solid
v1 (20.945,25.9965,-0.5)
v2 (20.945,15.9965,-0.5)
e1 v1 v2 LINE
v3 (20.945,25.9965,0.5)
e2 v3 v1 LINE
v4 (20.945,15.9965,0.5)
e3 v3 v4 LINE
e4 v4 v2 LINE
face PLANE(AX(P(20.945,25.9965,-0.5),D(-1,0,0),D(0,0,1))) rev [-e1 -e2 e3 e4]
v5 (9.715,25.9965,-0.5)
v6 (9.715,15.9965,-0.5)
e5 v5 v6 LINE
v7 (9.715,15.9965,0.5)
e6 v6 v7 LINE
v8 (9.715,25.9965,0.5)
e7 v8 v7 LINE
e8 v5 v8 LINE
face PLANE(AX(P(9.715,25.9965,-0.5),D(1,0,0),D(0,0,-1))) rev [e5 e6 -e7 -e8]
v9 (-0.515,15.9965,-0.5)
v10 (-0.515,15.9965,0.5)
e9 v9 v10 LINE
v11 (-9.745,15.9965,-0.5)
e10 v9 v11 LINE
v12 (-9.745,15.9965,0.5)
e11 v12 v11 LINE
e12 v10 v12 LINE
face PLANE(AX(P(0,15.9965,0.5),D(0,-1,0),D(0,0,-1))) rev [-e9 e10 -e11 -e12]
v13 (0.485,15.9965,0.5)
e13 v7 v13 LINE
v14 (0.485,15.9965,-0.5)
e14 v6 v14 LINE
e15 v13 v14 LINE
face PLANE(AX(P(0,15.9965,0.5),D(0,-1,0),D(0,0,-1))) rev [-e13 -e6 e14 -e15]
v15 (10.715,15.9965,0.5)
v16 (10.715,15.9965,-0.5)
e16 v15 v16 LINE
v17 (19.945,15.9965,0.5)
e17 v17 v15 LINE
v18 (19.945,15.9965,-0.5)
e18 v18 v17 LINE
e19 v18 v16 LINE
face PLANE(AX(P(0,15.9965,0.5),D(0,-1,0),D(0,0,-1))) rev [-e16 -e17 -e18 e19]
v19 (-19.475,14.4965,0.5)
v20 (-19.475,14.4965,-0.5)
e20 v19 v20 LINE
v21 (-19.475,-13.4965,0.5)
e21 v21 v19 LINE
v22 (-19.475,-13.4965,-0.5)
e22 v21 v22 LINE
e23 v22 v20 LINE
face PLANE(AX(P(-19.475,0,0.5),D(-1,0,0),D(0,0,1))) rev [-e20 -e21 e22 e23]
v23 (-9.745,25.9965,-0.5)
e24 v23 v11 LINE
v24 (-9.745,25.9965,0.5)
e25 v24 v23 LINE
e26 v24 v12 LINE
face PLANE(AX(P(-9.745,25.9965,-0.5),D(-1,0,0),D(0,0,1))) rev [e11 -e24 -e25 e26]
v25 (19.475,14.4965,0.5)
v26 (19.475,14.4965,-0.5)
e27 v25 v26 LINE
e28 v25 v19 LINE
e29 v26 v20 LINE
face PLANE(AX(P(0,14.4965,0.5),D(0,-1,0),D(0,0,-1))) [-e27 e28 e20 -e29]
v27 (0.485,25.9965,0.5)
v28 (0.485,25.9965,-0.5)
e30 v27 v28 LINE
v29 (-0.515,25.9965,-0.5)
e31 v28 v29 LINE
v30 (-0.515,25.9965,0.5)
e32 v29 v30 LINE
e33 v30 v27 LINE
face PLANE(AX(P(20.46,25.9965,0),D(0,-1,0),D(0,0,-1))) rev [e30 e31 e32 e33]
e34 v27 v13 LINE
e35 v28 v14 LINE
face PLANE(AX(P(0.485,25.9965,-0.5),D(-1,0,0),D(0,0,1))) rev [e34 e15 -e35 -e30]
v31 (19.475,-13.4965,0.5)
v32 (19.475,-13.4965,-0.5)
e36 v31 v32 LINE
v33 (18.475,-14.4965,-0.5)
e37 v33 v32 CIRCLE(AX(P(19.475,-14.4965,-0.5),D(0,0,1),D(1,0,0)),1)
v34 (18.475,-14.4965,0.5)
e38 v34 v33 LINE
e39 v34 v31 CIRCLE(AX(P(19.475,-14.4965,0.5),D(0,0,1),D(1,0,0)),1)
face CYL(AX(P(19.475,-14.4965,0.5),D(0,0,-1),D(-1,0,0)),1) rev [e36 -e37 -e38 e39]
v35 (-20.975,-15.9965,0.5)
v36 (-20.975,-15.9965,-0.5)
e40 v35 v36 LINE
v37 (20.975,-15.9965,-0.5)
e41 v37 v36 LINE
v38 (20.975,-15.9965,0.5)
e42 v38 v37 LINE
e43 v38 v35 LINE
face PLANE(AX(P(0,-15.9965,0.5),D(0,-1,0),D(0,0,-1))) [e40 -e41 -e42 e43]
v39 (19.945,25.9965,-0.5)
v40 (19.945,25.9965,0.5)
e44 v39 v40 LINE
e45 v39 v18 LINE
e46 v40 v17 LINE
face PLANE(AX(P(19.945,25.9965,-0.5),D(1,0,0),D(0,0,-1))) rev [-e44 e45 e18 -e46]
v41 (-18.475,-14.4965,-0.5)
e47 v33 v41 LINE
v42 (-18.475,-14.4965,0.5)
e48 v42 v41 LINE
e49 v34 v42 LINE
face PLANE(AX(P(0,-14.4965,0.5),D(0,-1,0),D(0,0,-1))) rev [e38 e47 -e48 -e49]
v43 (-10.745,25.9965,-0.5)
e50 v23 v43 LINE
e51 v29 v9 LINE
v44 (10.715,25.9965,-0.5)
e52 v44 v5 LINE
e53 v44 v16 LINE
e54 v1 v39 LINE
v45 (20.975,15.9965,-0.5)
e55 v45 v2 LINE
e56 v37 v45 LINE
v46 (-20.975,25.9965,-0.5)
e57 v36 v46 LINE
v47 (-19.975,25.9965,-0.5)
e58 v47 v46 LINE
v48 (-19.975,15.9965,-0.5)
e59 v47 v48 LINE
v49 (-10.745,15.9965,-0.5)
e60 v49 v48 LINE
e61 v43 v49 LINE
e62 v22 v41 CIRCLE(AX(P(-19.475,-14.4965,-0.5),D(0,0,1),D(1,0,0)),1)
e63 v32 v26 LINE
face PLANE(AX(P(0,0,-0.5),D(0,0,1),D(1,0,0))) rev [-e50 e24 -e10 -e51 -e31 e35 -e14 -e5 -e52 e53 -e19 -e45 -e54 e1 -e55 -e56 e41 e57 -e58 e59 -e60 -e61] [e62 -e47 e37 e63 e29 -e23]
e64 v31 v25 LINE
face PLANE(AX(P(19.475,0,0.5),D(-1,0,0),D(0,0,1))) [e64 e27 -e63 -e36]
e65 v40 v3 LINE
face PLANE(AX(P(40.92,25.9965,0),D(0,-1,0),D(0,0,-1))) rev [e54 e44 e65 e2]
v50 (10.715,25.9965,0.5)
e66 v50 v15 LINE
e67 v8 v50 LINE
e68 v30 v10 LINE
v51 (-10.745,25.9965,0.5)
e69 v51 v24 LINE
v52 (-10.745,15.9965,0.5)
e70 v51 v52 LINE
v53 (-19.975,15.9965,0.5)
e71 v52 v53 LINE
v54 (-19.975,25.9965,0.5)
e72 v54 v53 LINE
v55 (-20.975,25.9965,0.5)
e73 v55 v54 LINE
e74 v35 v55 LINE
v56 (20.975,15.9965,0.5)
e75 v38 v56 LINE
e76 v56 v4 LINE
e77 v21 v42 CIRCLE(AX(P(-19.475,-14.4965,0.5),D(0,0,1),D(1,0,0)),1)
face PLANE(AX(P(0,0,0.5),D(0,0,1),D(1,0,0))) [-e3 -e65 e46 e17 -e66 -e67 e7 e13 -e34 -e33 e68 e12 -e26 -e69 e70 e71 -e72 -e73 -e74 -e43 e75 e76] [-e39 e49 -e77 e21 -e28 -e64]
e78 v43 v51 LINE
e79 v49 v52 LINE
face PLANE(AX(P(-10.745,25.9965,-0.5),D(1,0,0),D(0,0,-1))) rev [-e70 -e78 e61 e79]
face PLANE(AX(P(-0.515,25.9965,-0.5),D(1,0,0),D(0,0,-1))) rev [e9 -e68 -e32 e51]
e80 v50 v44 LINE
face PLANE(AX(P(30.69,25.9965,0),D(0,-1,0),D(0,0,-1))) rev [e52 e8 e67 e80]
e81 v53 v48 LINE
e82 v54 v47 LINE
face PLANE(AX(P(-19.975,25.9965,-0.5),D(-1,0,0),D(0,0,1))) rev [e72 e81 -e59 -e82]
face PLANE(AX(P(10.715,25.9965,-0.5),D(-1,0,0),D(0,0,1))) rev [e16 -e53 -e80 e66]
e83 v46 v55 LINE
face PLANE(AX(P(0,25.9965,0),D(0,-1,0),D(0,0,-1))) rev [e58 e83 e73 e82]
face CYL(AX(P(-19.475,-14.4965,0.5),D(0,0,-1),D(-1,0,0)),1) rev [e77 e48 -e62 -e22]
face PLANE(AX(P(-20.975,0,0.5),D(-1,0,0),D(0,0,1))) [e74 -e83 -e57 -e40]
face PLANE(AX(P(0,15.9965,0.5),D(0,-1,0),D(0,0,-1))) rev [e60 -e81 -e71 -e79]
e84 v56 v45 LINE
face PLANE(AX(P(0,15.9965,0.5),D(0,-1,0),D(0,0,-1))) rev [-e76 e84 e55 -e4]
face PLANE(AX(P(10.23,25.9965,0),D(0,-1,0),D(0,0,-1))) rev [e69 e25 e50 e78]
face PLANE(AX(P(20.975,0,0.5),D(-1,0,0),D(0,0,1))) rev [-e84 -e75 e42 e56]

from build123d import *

# Parameters (mm, degrees)
SKETCH1_W           = 41.95
SKETCH1_H           = 31.993
BOSS_EXTRUDE1_DEPTH = 0.5
SKETCH2_W           = 1
SKETCH2_H           = 1
BOSS_EXTRUDE2_DEPTH = 10
LPATTERN1_COUNT     = 5
LPATTERN1_PITCH     = 10.23


with BuildPart() as part:
    # Sketch1 → Boss-Extrude1 (new, symmetric)
    with BuildSketch(Plane.XY):
        Rectangle(SKETCH1_W, SKETCH1_H)
        with BuildLine():
            Line((18.475, -14.4965), (-18.475, -14.4965))
            ThreePointArc((-18.475, -14.4965), (-20.182106781, -15.203606781), (-19.475, -13.4965))
            Line((-19.475, -13.4965), (-19.475, 14.4965))
            Line((-19.475, 14.4965), (19.475, 14.4965))
            Line((19.475, 14.4965), (19.475, -13.4965))
            ThreePointArc((19.475, -13.4965), (20.182106781, -13.789393219), (20.475, -14.4965))
            ThreePointArc((20.475, -14.4965), (19.475, -15.4965), (18.475, -14.4965))
        make_face(mode=Mode.SUBTRACT)
    extrude(amount=BOSS_EXTRUDE1_DEPTH, both=True)

    # Sketch2 → Boss-Extrude2 (add)
    with BuildSketch(Plane(origin=(0, 15.9965, 0), x_dir=(1, 0, 0), z_dir=(0, 1, 0))):
        with Locations((-20.475, 0)):
            Rectangle(SKETCH2_W, SKETCH2_H)
    boss_extrude2 = extrude(amount=BOSS_EXTRUDE2_DEPTH)

    # LPattern1: Boss-Extrude2 ×5
    with Locations(*[(i * LPATTERN1_PITCH, 0, 0) for i in range(1, LPATTERN1_COUNT)]):
        add(boss_extrude2)


solid = part.part
